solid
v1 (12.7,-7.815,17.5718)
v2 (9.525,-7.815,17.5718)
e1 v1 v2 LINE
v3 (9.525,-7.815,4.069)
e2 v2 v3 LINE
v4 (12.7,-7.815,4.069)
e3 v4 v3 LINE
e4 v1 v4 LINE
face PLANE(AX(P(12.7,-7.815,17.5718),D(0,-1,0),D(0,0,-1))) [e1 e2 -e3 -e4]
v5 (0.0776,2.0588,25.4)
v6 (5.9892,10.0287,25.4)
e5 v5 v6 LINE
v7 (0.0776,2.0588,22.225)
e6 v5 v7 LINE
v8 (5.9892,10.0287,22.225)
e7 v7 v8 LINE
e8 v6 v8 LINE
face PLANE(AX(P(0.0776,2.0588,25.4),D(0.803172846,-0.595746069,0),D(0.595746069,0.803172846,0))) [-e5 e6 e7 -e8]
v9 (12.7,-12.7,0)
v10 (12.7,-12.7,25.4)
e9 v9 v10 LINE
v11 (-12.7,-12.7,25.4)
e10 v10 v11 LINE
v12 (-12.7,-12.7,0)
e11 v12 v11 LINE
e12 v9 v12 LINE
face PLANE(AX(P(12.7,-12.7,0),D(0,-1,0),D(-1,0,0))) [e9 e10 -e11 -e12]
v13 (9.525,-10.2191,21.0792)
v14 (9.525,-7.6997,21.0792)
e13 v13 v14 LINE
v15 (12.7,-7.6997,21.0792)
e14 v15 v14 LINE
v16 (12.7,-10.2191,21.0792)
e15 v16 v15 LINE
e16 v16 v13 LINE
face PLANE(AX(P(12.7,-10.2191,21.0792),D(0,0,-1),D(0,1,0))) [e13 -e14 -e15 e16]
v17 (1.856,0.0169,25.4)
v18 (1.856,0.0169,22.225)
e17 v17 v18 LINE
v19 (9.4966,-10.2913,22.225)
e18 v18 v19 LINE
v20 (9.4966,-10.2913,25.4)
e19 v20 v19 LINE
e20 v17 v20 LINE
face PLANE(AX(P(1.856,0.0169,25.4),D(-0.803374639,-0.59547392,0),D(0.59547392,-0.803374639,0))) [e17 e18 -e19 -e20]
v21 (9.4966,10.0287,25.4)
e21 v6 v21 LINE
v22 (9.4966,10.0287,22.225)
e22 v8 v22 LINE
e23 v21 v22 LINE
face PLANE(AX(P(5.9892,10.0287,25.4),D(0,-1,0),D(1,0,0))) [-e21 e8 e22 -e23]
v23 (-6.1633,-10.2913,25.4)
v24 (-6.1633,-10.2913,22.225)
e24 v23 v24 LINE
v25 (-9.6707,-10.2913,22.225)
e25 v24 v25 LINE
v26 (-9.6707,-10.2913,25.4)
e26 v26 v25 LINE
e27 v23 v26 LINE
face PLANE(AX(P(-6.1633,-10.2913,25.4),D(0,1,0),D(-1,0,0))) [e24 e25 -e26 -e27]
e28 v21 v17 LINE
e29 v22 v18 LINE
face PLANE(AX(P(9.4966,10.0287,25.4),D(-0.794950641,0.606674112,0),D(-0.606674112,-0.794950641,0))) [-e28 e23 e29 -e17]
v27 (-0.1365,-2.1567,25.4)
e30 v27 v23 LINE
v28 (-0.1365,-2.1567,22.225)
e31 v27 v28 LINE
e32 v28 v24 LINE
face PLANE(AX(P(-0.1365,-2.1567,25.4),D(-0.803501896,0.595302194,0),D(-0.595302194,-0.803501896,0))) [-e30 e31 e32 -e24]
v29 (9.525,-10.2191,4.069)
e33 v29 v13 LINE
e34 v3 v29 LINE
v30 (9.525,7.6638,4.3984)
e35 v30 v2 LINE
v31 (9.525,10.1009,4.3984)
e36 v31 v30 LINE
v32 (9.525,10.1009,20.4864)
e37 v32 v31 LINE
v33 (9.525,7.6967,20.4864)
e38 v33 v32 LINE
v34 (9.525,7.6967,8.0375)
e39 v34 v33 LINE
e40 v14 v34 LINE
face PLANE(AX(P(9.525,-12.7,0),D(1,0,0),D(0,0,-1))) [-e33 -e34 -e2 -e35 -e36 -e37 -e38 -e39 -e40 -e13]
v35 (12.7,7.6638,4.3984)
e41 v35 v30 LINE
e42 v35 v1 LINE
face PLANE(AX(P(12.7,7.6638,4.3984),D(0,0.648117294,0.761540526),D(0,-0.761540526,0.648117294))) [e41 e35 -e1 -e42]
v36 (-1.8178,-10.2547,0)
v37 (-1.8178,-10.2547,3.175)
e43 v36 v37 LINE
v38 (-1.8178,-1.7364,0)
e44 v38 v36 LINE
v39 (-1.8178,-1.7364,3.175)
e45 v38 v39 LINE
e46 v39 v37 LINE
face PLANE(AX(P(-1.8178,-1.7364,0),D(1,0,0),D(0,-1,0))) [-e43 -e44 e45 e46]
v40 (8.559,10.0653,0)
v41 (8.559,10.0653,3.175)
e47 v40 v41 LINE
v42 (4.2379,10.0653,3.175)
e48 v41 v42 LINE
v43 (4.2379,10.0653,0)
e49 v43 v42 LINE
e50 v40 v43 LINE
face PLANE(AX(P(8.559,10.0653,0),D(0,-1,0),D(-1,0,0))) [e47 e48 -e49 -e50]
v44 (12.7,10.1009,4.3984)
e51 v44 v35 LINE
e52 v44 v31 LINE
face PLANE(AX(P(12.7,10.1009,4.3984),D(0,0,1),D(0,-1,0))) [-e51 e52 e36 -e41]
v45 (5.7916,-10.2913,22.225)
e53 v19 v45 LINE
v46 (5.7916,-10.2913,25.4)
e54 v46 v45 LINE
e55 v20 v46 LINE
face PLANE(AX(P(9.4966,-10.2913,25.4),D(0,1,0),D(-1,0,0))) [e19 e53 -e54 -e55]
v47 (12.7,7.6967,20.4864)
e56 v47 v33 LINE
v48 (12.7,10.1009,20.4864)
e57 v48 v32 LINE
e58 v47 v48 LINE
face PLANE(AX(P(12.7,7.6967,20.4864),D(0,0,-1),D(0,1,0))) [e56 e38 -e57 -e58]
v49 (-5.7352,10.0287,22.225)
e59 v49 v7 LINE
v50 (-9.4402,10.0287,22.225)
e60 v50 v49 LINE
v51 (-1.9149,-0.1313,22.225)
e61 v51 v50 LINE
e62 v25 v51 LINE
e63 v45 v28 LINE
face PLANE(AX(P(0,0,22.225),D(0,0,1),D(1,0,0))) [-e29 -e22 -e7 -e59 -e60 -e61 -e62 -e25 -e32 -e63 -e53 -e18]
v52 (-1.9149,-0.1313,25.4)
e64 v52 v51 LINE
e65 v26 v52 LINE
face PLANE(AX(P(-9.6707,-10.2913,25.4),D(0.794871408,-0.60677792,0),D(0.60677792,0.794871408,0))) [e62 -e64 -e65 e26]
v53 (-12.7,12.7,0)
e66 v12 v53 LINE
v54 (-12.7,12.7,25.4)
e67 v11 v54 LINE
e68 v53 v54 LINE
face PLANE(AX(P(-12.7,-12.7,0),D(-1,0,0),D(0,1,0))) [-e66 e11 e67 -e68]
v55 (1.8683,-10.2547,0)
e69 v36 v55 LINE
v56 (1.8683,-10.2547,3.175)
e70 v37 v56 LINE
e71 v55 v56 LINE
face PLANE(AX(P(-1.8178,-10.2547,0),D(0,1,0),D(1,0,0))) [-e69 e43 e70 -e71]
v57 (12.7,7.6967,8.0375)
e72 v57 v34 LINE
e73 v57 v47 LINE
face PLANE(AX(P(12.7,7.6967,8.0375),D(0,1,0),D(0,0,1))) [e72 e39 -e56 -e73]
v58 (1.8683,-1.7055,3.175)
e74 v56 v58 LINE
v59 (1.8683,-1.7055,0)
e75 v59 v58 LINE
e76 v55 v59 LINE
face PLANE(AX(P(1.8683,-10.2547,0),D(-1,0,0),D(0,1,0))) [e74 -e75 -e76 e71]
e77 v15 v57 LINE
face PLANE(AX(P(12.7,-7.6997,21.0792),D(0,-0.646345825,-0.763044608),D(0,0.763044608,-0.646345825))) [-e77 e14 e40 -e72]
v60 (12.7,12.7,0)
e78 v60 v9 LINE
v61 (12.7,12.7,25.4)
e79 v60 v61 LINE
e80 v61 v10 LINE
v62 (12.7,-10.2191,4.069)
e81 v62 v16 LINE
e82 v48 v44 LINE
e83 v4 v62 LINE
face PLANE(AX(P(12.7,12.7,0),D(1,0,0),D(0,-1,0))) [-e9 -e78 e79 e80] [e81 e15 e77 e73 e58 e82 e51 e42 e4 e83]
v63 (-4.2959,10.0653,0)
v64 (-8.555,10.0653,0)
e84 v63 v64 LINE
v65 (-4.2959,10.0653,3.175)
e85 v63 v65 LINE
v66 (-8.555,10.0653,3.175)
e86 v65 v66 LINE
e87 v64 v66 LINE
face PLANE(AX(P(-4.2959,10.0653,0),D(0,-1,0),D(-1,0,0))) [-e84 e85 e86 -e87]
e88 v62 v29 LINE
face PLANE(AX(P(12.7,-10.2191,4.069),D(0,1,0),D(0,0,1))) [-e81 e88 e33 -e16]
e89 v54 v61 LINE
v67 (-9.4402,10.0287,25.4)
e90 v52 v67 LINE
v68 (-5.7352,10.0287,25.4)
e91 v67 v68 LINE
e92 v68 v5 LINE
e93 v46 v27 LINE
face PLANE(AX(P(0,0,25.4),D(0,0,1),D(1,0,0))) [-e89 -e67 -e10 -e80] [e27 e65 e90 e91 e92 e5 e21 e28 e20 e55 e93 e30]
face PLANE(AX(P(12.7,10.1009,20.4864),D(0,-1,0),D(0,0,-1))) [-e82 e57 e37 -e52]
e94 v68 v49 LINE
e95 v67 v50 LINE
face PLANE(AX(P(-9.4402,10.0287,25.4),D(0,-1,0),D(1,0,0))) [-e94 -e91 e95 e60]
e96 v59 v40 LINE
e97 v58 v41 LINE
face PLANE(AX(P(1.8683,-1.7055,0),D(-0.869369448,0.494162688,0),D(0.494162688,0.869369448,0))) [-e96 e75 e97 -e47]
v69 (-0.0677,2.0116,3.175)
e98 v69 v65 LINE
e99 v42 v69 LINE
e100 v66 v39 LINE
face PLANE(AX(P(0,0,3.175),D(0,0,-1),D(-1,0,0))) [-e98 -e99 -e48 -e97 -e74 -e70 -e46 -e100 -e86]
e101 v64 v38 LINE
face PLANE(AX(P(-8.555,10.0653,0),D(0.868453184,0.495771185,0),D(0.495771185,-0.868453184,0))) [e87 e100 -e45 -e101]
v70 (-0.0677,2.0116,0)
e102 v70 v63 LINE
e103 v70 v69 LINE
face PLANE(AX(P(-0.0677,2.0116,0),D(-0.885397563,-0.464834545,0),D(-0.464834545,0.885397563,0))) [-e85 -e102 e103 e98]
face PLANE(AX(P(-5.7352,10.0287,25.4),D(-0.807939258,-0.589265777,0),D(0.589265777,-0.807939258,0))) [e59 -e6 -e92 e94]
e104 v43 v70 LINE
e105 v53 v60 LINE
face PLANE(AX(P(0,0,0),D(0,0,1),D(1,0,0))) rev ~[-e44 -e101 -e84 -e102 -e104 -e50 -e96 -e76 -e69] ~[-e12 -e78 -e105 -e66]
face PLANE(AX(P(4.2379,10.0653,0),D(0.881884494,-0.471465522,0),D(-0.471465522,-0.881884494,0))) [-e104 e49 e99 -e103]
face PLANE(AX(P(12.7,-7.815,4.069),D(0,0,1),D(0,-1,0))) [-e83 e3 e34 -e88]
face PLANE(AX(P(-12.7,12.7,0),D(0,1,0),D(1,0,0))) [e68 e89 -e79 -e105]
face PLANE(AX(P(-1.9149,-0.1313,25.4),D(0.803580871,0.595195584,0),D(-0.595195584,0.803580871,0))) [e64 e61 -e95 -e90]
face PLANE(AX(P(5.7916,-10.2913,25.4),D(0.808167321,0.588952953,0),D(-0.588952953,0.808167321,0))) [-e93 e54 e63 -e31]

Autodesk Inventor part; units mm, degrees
ref_plane "YZ Plane" through (0, 0, 0) normal (1, 0, 0) x (0, 1, 0)
ref_plane "XZ Plane" through (0, 0, 0) normal (0, 1, 0) x (-1, 0, 0)
ref_plane "XY Plane" through (0, 0, 0) normal (0, 0, 1) x (1, 0, 0)
sketch "Sketch3" plane through (0, 0, 0) normal (0, 0, 1) x (1, 0, 0)
  line L0 (12.7, -12.7) -> (-12.7, -12.7)
  line L1 (-12.7, -12.7) -> (-12.7, 12.7)
  line L2 (-12.7, 12.7) -> (12.7, 12.7)
  line L3 (12.7, 12.7) -> (12.7, -12.7)
  line L4 (12.7, -12.7) -> (-12.7, 12.7) construction
  line L5 (-12.7, -12.7) -> (12.7, 12.7) construction
  point P0 (0, 0)
  dimension "d0" = 25.4
  dimension "d1" = 25.4
extrude "Cubo" add sketch "Sketch3" along normal blind 25.4
sketch "Sketch5" plane through (0, 0, 25.4) normal (0, 0, 1) x (1, 0, 0)
  line L0 (-12.1868, 12.0555) -> (12.0292, 12.0555) construction
  line L1 (12.0292, 12.0555) -> (12.0292, -12.3181) construction
  line L2 (12.0292, -12.3181) -> (-12.1868, -12.3181) construction
  line L3 (-12.1868, -12.3181) -> (-12.1868, 12.0555) construction
  line L4 (9.4966, -10.2913) -> (5.7916, -10.2913)
  line L5 (5.7916, -10.2913) -> (-0.1365, -2.1567)
  line L6 (-0.1365, -2.1567) -> (-6.1633, -10.2913)
  line L7 (-6.1633, -10.2913) -> (-9.6707, -10.2913)
  line L8 (-9.6707, -10.2913) -> (-1.9149, -0.1313)
  line L9 (-1.9149, -0.1313) -> (-9.4402, 10.0287)
  line L10 (-9.4402, 10.0287) -> (-5.7352, 10.0287)
  line L11 (-5.7352, 10.0287) -> (0.0776, 2.0588)
  line L12 (0.0776, 2.0588) -> (5.9892, 10.0287)
  line L13 (5.9892, 10.0287) -> (9.4966, 10.0287)
  line L14 (9.4966, 10.0287) -> (1.856, 0.0169)
  line L15 (1.856, 0.0169) -> (9.4966, -10.2913)
  point P0 (0, 0)
extrude "X" cut sketch "Sketch5" against normal blind 3.175
sketch "Sketch6" plane through (12.7, -12.7, 0) normal (1, 0, 0) x (0, 0, -1)
  line L0 (-25.0445, 24.9615) -> (-0.3507, 24.9615) construction
  line L1 (-0.3507, 24.9615) -> (-0.3507, 0.3203) construction
  line L2 (-0.3507, 0.3203) -> (-25.0445, 0.3203) construction
  line L3 (-25.0445, 0.3203) -> (-25.0445, 24.9615) construction
  line L4 (-4.069, 2.4809) -> (-21.0792, 2.4809)
  line L5 (-21.0792, 2.4809) -> (-21.0792, 5.0003)
  line L6 (-21.0792, 5.0003) -> (-8.0375, 20.3967)
  line L7 (-8.0375, 20.3967) -> (-20.4864, 20.3967)
  line L8 (-20.4864, 20.3967) -> (-20.4864, 22.8009)
  line L9 (-20.4864, 22.8009) -> (-4.3984, 22.8009)
  line L10 (-4.3984, 22.8009) -> (-4.3984, 20.3638)
  line L11 (-4.3984, 20.3638) -> (-17.5718, 4.885)
  line L12 (-17.5718, 4.885) -> (-4.069, 4.885)
  line L13 (-4.069, 4.885) -> (-4.069, 2.4809)
  point P0 (0, 12.7)
extrude "Z" cut sketch "Sketch6" against normal blind 3.175
sketch "Sketch7" plane through (0, 0, 0) normal (0, 0, -1) x (-1, 0, 0)
  line L0 (-12.3672, 12.2796) -> (12.4407, 12.2796) construction
  line L1 (12.4407, 12.2796) -> (12.4407, -12.4691) construction
  line L2 (12.4407, -12.4691) -> (-12.3672, -12.4691) construction
  line L3 (-12.3672, -12.4691) -> (-12.3672, 12.2796) construction
  line L4 (-1.8683, -10.2547) -> (-1.8683, -1.7055)
  line L5 (-1.8683, -1.7055) -> (-8.559, 10.0653)
  line L6 (-8.559, 10.0653) -> (-4.2379, 10.0653)
  line L7 (-4.2379, 10.0653) -> (0.0677, 2.0116)
  line L8 (0.0677, 2.0116) -> (4.2959, 10.0653)
  line L9 (4.2959, 10.0653) -> (8.555, 10.0653)
  line L10 (8.555, 10.0653) -> (1.8178, -1.7364)
  line L11 (1.8178, -1.7364) -> (1.8178, -10.2547)
  line L12 (1.8178, -10.2547) -> (-1.8683, -10.2547)
  point P0 (0, 0)
extrude "Y" cut sketch "Sketch7" against normal blind 3.175
properties part number "Cubo_3DPrint"
